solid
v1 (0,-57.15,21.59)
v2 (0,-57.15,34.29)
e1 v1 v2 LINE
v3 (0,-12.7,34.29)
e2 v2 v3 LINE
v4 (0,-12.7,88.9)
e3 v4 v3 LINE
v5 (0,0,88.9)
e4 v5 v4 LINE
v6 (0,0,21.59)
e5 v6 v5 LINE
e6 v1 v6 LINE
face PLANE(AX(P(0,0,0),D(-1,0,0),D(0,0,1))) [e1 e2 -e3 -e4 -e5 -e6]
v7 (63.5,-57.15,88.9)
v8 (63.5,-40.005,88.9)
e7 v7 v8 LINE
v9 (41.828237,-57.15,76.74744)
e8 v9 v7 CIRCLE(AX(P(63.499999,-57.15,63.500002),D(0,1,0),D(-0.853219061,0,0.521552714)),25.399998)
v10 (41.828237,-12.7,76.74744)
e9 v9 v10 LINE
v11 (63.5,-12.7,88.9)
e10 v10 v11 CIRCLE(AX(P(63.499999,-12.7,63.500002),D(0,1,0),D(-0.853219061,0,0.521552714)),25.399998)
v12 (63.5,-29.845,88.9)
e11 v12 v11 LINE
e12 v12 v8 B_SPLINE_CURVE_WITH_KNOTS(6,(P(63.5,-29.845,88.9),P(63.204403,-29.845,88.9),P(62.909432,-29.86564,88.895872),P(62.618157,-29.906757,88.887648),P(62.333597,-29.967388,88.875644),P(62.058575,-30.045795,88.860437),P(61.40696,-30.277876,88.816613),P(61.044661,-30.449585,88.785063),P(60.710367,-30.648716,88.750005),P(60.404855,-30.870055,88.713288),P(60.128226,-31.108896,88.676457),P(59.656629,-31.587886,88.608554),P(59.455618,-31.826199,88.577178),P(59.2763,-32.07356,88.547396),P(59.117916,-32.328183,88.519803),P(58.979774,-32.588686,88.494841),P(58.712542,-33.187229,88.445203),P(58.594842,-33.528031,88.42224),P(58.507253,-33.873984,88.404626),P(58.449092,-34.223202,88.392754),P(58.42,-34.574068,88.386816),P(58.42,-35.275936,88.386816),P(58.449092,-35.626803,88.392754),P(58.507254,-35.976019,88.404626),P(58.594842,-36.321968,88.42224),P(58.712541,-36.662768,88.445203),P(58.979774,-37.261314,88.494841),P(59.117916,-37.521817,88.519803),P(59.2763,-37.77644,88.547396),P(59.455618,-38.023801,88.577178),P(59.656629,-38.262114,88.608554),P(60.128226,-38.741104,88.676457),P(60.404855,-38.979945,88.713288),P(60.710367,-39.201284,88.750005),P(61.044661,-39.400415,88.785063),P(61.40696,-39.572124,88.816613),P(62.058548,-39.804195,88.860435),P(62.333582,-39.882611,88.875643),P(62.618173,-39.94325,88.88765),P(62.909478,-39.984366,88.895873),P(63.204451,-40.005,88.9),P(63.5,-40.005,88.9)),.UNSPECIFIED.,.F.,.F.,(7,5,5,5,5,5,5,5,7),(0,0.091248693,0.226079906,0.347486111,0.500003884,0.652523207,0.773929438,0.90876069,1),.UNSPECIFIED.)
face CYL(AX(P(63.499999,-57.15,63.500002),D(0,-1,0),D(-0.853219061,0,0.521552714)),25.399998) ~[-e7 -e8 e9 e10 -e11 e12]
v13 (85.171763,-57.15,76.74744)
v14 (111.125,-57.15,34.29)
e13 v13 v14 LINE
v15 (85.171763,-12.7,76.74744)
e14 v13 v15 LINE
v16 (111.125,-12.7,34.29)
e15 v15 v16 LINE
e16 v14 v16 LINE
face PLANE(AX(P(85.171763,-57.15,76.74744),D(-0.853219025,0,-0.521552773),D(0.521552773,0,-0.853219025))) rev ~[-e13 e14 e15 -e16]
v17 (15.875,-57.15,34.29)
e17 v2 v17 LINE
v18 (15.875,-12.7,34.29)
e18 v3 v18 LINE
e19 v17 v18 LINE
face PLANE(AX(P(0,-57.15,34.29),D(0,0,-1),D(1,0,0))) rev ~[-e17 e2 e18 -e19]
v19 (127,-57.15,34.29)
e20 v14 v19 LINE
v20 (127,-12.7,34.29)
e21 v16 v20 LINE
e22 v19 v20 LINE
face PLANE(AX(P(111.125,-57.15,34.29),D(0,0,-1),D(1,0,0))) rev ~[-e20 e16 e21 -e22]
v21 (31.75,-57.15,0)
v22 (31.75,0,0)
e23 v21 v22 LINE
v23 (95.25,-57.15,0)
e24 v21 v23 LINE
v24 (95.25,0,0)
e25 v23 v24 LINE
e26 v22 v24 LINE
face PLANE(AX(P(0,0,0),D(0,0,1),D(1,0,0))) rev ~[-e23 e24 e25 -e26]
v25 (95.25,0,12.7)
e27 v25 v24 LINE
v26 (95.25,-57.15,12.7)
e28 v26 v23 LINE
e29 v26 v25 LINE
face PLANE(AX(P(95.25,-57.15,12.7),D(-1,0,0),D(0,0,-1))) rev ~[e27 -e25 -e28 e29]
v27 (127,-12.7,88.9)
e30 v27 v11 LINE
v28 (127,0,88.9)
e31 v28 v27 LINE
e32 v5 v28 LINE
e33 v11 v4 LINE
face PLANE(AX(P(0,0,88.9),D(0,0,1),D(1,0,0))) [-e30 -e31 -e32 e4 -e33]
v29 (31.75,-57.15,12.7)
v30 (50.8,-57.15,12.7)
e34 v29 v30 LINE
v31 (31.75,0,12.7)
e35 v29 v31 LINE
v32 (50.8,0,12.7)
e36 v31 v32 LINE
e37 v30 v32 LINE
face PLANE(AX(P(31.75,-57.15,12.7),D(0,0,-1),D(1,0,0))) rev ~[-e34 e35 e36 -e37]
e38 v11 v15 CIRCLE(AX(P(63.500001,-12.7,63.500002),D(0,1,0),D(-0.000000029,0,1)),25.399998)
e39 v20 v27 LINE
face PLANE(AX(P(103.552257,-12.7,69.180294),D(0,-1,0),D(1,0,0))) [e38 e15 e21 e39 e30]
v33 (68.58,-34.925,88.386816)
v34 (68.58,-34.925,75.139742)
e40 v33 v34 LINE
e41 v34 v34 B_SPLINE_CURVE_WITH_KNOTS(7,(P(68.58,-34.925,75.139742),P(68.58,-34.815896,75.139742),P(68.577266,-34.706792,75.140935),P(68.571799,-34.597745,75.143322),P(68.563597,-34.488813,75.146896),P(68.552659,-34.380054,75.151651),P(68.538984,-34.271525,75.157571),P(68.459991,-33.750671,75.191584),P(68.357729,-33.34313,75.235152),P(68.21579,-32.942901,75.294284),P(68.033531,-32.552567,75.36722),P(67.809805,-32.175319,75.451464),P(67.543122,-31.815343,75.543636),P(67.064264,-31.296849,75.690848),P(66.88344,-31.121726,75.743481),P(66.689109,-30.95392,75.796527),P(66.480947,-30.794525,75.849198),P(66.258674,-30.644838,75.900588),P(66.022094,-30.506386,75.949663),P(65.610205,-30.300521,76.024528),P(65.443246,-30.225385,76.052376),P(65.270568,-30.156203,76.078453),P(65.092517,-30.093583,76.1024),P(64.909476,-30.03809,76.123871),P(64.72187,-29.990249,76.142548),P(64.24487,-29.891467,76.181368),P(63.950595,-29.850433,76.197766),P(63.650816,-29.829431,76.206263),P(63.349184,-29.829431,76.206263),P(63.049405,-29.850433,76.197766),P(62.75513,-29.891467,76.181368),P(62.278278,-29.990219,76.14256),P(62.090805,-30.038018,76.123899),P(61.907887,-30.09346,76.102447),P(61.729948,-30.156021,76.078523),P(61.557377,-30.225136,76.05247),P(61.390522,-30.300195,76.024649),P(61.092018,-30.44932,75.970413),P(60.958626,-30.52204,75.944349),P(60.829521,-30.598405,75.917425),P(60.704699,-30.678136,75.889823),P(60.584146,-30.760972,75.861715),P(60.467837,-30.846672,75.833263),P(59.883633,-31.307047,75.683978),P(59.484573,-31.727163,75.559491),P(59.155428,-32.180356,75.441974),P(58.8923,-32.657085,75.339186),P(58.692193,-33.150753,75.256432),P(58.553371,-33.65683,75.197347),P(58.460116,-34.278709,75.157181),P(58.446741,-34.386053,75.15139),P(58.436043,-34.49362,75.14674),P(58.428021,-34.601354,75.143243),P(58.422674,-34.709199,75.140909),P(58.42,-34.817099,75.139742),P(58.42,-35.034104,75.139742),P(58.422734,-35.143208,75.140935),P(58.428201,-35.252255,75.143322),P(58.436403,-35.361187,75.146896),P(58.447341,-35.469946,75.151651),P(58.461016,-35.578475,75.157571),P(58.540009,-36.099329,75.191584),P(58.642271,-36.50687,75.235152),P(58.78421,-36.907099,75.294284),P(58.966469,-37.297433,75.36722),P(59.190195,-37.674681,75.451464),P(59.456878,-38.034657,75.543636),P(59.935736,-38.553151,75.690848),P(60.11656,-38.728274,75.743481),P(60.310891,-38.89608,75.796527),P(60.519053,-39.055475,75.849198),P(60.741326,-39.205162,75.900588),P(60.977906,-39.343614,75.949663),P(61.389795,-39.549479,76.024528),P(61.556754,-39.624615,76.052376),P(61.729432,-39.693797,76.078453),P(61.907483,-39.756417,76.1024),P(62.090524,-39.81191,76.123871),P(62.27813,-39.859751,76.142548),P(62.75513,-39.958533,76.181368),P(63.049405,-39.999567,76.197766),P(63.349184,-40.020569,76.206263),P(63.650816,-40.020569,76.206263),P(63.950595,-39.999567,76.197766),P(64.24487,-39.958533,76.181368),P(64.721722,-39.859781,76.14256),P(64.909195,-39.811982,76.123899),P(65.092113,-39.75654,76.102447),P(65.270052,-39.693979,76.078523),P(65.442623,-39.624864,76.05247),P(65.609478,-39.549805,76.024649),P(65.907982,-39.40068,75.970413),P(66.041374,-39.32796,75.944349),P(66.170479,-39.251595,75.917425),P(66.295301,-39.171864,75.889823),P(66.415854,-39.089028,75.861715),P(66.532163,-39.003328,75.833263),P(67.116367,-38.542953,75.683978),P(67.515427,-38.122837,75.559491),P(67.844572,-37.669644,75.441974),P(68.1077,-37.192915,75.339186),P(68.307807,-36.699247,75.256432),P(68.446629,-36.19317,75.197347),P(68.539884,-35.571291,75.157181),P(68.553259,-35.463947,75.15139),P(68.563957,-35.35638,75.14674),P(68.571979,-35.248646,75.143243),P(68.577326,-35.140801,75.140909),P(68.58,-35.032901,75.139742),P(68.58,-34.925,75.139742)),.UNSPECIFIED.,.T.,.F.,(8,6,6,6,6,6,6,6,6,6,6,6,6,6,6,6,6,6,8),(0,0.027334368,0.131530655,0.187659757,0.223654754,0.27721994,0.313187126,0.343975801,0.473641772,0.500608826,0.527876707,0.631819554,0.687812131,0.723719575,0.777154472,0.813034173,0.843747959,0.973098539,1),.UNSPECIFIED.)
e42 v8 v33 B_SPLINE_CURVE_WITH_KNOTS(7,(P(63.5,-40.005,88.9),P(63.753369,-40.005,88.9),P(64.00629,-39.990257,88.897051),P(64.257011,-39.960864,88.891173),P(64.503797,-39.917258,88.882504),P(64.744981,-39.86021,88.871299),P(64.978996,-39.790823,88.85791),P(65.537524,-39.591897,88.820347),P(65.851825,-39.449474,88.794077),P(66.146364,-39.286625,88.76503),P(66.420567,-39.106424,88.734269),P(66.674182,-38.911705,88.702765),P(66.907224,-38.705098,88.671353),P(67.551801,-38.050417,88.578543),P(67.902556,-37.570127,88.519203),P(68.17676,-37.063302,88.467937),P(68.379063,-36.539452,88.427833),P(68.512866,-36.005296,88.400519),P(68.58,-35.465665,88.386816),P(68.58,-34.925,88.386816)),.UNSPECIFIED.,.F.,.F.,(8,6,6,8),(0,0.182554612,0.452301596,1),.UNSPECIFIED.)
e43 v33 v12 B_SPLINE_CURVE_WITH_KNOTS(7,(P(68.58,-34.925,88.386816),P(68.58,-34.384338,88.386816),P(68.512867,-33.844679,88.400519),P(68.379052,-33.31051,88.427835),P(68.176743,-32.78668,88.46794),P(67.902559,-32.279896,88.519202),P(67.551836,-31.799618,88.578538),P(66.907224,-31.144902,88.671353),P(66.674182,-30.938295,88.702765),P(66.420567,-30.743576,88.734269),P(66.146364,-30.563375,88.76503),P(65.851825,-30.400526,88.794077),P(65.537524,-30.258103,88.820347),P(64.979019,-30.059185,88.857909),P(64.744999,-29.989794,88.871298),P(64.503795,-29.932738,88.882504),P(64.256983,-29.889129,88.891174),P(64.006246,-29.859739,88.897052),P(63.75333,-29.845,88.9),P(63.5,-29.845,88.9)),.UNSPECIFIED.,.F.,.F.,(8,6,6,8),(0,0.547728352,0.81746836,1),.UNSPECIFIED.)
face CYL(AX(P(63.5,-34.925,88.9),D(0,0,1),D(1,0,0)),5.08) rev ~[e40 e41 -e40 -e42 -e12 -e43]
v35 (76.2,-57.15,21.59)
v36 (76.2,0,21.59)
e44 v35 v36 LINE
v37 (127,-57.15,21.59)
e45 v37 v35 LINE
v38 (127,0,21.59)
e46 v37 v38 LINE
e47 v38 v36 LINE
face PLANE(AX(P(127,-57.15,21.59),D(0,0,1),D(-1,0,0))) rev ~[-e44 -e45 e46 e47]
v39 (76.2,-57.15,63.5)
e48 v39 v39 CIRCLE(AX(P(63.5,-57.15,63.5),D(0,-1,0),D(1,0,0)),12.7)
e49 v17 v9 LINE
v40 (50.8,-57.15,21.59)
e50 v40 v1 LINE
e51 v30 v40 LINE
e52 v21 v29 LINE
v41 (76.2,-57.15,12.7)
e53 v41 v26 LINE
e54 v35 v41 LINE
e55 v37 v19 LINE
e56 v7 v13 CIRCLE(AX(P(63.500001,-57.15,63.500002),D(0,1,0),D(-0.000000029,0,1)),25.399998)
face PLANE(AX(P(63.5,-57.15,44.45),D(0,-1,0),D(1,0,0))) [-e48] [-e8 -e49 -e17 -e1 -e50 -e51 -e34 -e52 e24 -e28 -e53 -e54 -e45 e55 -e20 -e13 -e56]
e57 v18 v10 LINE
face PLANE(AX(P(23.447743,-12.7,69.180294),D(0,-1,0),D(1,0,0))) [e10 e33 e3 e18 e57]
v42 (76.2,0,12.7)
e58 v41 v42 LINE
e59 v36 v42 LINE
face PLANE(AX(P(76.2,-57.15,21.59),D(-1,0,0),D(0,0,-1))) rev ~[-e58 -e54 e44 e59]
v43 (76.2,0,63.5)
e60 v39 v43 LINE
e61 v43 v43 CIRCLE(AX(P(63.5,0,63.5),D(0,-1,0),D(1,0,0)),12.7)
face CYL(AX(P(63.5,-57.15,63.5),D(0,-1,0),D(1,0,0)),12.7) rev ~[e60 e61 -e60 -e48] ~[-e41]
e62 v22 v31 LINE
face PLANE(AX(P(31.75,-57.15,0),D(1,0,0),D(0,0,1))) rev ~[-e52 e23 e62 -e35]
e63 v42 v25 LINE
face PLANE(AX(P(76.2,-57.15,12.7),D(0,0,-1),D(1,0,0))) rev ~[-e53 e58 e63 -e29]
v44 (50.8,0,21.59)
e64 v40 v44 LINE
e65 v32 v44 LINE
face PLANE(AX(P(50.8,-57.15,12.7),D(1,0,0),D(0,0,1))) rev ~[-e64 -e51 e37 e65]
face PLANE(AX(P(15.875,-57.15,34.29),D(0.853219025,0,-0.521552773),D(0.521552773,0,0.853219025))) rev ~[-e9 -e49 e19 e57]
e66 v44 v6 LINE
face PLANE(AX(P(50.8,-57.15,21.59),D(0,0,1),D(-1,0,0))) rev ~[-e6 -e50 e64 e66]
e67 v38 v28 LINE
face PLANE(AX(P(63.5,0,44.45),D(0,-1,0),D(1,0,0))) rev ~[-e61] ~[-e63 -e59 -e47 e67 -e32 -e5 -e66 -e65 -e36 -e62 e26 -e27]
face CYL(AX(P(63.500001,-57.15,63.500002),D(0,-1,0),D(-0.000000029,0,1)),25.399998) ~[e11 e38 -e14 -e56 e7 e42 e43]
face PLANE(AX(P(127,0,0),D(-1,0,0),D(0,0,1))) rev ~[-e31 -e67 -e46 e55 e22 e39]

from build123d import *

# Parameters (mm, degrees)
F0_W     = 127
F0_H     = 88.9
F1_DEPTH = 57.15
F2_R     = 12.7
F3_DEPTH = 57.151
F5_DEPTH = 44.45
F6_R     = 5.08
F7_DEPTH = 25.4


with BuildPart() as f1:
    # F0 (on Front) → F1 (new body)
    with BuildSketch(Plane.XZ):
        with Locations((63.5, 44.45)):
            Rectangle(F0_W, F0_H)
    extrude(amount=F1_DEPTH)

    # F2 (on face) → F3 (cut, through all)
    with BuildSketch(Plane.XZ.offset(57.15)):
        with Locations((63.5, 63.5)):
            Circle(F2_R)
        Polygon((127, 0), (127, 21.59), (76.2, 21.59), (76.2, 12.7), (95.25, 12.7), (95.25, 0), align=None)
        Polygon((50.8, 21.59), (0, 21.59), (0, 0), (31.75, 0), (31.75, 12.7), (50.8, 12.7), align=None)
    extrude(amount=-F3_DEPTH, mode=Mode.SUBTRACT)

    # F4 (on face) → F5 (cut)
    with BuildSketch(Plane.XZ.offset(57.15)):
        with BuildLine():
            Line((15.875, 34.29), (41.828237, 76.74744))
            ThreePointArc((41.828237, 76.74744), (51.076735, 85.654514), (63.5, 88.9))
            Line((63.5, 88.9), (0, 88.9))
            Line((0, 88.9), (0, 34.29))
            Line((0, 34.29), (15.875, 34.29))
        make_face()
        with BuildLine():
            ThreePointArc((63.5, 88.9), (75.923265, 85.654514), (85.171763, 76.74744))
            Line((85.171763, 76.74744), (111.125, 34.29))
            Line((111.125, 34.29), (127, 34.29))
            Line((127, 34.29), (127, 88.9))
            Line((127, 88.9), (63.5, 88.9))
        make_face()
    extrude(amount=-F5_DEPTH, mode=Mode.SUBTRACT)

    # F6 (on face) → F7 (cut)
    with BuildSketch(Plane.XY.offset(88.9)):
        with Locations((63.5, -34.925)):
            Circle(F6_R)
    extrude(amount=-F7_DEPTH, mode=Mode.SUBTRACT)


solid = f1.part
